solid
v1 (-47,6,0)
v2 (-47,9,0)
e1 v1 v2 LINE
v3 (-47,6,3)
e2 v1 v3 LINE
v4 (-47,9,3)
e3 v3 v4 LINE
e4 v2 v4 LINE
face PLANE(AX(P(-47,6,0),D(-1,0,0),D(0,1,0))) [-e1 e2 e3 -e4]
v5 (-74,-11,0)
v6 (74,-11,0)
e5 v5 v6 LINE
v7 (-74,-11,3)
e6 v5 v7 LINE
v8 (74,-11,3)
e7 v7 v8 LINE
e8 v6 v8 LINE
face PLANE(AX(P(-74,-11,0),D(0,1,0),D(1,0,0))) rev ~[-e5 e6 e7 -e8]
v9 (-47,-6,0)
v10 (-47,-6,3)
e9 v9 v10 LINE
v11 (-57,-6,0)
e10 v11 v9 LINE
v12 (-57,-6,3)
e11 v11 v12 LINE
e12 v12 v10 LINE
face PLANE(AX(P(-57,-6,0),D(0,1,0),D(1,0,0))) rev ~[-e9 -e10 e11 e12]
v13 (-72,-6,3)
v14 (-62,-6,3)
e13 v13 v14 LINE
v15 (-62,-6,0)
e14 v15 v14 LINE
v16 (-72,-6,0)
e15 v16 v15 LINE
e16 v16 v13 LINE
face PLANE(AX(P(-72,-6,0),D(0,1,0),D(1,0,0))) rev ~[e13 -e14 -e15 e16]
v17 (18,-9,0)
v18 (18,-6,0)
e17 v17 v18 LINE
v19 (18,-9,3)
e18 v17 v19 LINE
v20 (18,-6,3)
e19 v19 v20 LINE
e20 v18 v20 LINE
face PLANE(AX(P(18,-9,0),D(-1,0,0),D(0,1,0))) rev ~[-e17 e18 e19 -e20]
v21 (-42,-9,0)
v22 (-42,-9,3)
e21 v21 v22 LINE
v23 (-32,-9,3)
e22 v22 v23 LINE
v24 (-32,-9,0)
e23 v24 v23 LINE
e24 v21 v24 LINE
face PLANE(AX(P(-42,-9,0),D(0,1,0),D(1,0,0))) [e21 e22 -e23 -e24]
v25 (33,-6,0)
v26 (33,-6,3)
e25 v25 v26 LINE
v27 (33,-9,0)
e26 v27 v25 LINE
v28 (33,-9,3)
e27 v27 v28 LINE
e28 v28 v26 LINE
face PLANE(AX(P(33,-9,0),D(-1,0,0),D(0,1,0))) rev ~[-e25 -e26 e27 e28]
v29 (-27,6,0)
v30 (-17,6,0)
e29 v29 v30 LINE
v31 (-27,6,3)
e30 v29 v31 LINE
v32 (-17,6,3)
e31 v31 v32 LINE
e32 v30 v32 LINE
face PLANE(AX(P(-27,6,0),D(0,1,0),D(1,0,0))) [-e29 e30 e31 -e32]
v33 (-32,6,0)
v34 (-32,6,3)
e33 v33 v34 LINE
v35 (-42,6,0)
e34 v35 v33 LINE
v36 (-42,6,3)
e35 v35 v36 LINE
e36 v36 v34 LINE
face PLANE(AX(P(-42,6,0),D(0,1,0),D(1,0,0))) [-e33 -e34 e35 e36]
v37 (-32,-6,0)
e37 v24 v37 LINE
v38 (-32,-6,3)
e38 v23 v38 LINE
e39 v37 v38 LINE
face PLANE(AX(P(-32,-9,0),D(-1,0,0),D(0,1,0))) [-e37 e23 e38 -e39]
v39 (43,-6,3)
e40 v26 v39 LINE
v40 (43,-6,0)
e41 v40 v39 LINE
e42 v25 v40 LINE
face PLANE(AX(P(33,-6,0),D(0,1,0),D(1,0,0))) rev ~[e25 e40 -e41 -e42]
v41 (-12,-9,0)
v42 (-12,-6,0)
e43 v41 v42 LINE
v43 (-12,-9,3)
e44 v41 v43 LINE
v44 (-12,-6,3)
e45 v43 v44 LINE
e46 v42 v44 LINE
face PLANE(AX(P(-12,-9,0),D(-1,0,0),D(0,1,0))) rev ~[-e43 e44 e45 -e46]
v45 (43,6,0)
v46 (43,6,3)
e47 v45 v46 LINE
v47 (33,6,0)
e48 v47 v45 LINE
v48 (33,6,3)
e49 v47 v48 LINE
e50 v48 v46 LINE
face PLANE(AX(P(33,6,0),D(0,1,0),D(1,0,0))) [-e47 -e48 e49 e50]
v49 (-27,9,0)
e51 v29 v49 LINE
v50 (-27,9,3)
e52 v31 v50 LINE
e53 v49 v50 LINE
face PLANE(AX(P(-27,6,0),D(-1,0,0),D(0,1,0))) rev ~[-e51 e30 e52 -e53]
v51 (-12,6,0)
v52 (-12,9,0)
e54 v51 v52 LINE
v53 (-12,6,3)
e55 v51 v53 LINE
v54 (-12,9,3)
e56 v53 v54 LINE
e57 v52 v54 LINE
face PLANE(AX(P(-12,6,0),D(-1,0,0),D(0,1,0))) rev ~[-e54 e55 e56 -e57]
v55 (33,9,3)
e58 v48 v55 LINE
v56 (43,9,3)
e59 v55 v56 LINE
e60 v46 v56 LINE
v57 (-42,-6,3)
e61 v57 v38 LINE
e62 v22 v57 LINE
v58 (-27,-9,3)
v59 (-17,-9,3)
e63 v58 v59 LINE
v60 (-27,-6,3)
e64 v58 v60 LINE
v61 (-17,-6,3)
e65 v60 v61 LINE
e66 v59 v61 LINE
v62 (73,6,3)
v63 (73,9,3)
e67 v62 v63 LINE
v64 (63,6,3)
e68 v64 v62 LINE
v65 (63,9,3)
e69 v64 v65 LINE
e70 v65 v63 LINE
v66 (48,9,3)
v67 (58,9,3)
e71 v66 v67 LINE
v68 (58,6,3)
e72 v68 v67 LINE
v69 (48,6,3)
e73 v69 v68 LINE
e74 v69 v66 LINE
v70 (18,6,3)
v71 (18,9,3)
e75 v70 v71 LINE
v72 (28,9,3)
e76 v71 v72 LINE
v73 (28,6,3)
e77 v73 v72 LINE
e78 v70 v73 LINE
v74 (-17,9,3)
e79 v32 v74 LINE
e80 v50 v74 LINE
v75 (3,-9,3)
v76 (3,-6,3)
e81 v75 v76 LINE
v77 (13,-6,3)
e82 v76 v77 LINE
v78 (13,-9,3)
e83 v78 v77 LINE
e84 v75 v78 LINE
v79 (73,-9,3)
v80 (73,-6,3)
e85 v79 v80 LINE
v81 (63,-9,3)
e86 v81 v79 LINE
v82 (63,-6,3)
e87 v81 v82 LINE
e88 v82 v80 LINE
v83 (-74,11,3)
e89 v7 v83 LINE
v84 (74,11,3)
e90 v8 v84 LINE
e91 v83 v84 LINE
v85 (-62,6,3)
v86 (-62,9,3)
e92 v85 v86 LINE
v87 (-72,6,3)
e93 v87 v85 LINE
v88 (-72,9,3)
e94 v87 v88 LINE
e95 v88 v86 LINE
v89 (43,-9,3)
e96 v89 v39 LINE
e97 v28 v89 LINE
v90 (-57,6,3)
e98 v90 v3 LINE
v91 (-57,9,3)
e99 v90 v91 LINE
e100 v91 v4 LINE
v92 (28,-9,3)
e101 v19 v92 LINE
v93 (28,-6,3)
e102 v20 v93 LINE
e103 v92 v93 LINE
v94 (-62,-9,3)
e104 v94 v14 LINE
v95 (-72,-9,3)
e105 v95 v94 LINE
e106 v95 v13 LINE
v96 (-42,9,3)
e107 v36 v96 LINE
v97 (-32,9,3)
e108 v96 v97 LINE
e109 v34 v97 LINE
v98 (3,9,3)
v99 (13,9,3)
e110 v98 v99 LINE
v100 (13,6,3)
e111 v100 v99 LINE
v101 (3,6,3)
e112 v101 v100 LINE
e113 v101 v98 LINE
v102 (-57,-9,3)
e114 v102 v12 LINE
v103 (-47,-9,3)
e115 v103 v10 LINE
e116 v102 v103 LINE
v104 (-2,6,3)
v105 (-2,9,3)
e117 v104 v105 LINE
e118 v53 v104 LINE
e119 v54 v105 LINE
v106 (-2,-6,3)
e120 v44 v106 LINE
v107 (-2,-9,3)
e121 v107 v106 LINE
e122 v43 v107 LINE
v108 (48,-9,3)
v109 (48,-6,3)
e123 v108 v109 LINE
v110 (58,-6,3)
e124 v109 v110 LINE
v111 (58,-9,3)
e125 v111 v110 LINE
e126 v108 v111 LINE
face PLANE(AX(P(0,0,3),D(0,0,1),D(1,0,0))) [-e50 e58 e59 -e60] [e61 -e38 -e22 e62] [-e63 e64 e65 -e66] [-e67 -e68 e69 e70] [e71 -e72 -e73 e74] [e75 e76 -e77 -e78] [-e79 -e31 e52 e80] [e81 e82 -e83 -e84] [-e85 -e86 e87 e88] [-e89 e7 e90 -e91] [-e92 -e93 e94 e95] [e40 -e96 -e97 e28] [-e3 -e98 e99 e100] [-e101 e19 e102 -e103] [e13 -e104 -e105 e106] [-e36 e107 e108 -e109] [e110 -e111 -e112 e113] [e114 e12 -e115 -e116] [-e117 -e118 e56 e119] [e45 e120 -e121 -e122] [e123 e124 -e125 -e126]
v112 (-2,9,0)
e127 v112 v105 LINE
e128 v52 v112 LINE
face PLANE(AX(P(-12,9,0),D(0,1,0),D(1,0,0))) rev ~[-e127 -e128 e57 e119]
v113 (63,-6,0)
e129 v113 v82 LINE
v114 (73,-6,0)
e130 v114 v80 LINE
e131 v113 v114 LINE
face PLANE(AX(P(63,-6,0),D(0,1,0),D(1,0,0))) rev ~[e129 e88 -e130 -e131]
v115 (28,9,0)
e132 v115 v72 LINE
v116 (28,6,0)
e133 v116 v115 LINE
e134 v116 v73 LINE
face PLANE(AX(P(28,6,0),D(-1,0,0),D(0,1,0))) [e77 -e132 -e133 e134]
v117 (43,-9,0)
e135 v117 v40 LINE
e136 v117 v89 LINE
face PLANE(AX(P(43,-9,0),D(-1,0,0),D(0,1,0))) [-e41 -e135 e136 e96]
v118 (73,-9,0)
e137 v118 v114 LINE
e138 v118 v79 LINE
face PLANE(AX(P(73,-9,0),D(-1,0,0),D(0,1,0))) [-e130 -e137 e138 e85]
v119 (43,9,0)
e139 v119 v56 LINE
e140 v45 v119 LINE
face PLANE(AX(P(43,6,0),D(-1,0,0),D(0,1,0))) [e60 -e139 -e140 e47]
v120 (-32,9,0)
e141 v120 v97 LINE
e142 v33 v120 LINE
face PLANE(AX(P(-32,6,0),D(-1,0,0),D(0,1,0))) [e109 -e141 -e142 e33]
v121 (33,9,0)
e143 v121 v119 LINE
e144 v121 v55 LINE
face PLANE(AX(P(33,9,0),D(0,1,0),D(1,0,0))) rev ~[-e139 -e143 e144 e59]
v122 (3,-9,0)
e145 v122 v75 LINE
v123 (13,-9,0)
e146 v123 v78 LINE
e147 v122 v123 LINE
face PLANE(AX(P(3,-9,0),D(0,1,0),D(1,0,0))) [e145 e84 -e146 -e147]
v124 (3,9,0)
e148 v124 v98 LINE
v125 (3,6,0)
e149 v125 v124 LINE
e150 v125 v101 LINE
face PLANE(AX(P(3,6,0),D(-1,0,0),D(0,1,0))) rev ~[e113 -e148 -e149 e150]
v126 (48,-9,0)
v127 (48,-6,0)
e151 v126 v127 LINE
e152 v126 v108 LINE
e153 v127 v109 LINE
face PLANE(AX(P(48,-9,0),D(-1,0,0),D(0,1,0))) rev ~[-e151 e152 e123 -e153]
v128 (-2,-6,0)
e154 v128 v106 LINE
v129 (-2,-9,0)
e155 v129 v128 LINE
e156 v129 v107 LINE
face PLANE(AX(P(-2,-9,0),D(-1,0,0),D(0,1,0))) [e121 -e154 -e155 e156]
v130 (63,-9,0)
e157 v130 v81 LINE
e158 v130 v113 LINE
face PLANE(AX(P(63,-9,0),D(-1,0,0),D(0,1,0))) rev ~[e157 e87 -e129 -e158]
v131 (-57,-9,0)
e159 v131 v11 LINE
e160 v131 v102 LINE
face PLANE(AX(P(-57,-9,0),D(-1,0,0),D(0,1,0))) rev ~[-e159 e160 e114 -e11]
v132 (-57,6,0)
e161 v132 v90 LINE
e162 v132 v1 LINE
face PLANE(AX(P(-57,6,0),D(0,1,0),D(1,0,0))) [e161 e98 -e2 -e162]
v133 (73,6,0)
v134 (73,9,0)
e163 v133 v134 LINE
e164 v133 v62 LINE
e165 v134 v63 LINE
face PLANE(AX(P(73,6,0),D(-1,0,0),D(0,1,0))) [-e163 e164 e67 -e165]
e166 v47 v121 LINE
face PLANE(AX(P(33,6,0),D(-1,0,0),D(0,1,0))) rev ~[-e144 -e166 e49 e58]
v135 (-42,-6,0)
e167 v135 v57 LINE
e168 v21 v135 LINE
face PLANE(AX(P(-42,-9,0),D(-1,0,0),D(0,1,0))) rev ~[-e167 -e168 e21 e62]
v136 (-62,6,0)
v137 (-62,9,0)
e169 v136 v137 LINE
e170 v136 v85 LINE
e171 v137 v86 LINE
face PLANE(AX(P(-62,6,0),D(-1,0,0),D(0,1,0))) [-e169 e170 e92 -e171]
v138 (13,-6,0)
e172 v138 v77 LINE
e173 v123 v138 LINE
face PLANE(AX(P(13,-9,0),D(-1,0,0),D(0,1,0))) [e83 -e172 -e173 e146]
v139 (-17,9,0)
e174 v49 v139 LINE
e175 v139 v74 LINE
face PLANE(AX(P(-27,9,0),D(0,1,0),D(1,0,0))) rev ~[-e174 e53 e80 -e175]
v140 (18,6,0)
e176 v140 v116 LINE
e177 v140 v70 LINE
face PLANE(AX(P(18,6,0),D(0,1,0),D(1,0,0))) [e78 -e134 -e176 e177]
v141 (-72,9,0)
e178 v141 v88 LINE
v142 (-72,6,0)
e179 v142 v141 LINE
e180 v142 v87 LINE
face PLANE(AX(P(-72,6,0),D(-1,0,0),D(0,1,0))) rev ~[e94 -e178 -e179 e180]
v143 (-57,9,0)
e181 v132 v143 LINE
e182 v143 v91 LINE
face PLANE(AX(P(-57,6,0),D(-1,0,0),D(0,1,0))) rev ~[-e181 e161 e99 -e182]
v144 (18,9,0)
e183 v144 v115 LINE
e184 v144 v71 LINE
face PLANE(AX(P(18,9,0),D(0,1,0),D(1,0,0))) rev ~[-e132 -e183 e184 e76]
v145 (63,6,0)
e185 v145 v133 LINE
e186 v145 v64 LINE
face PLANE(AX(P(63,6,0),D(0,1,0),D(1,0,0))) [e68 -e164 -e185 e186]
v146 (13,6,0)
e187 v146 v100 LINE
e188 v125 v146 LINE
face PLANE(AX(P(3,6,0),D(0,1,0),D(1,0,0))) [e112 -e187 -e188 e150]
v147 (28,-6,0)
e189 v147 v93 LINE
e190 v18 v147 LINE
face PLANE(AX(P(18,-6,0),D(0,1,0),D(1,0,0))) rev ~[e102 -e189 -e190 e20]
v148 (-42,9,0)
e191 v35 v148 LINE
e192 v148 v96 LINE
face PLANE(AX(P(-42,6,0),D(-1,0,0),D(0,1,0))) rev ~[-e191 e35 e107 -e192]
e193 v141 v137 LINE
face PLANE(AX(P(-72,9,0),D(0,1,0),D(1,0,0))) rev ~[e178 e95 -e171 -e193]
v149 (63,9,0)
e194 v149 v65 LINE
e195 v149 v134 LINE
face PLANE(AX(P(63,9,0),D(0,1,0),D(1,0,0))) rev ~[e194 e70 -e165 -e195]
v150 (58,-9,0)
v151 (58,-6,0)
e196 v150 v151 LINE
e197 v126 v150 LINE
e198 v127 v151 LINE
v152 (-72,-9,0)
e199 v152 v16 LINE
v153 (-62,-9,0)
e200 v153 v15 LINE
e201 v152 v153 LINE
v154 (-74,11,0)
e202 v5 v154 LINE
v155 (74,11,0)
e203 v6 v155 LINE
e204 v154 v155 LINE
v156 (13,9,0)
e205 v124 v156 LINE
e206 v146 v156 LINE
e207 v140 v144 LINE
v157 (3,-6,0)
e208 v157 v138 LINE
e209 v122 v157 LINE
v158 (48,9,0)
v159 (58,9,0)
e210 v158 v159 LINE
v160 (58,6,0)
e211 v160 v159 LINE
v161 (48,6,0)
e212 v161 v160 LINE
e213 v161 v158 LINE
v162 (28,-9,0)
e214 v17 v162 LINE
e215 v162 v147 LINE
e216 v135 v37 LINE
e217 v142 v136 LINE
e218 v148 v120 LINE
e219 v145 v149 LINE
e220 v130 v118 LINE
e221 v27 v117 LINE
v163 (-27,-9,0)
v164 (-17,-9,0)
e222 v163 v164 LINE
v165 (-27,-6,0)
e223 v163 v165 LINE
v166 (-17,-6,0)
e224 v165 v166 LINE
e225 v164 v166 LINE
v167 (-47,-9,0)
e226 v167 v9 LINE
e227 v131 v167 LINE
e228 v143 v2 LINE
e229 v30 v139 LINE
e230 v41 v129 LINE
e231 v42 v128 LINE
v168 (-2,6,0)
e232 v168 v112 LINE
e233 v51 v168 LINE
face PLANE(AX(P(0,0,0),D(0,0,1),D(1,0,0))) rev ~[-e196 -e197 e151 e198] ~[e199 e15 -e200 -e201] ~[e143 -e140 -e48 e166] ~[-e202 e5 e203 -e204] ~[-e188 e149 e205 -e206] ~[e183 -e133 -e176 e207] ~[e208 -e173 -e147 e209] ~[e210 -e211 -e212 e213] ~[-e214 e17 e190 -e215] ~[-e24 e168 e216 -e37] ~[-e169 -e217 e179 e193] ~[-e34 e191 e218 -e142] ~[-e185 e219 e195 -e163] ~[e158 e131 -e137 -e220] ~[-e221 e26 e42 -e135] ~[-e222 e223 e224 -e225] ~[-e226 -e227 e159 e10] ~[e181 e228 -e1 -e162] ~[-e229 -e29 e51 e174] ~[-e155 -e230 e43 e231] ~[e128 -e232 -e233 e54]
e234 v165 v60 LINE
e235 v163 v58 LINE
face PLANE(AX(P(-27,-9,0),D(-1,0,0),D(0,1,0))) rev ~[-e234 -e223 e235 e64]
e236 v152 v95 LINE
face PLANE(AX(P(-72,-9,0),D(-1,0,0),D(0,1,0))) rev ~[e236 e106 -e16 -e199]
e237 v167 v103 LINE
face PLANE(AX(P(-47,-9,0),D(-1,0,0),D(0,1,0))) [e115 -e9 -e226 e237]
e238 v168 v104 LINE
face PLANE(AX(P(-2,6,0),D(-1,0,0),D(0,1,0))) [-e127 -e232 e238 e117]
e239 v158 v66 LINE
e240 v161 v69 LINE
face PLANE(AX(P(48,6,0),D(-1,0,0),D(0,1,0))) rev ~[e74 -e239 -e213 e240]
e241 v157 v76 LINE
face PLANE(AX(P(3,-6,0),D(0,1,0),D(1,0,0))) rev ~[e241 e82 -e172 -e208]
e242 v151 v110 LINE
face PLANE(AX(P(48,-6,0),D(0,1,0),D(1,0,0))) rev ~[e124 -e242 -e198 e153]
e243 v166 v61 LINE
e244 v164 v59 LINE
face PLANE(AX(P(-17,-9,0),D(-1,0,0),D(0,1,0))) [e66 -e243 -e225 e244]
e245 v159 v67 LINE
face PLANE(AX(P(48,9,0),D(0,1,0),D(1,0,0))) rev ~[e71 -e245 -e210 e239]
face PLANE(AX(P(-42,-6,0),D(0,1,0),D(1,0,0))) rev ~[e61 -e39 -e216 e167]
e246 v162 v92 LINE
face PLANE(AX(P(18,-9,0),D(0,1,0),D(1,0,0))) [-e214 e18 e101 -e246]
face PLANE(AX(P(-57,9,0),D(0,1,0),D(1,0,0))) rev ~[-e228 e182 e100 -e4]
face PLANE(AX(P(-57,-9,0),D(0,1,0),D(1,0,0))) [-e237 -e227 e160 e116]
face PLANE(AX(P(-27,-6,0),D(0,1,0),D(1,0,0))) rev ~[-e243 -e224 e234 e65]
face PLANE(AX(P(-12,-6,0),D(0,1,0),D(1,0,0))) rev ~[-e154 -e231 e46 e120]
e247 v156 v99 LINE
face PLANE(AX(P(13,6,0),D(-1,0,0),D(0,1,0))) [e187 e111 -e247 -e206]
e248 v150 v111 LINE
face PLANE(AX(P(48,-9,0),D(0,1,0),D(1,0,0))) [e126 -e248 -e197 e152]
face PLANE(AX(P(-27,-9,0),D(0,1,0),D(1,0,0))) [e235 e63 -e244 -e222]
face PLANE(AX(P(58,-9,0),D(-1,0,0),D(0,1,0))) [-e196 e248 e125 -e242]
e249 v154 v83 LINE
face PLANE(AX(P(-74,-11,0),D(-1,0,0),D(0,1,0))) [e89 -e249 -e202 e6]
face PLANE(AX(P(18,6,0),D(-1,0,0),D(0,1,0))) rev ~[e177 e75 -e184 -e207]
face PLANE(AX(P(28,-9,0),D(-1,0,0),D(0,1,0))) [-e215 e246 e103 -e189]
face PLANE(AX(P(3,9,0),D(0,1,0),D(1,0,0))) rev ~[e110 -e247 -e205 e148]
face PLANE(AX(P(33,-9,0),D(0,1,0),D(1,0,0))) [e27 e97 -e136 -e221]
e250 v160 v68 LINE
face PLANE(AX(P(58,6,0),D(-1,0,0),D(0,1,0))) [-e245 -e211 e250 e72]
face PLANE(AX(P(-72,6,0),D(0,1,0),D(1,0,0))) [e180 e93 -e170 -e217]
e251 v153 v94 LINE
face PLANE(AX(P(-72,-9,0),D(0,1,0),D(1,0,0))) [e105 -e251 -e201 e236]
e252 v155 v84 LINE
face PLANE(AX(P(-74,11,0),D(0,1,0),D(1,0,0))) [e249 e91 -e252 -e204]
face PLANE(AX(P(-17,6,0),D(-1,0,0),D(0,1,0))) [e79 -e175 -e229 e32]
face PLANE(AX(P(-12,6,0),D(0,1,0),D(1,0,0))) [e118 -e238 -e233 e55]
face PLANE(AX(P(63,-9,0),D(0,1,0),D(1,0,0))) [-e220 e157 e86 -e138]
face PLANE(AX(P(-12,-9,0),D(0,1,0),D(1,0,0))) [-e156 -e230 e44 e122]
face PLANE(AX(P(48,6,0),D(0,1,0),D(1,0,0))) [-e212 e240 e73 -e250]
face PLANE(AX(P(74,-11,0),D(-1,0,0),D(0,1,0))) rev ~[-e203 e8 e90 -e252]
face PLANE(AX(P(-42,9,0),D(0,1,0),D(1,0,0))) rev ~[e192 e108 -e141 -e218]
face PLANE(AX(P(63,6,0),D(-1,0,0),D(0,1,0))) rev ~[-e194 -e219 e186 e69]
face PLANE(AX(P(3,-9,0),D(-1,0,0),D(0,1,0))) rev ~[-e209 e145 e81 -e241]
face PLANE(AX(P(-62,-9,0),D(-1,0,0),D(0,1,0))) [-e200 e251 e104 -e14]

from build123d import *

# Parameters (mm, degrees)
SKETCH_1_W      = 148
SKETCH_1_H      = 22
SKETCH_1_W_2    = 10
SKETCH_1_H_2    = 3
EXTRUDE_1_DEPTH = 3


with BuildPart() as part:
    # 草图1 → 凸台-拉伸1 (new body)
    with BuildSketch(Plane.XY):
        Rectangle(SKETCH_1_W, SKETCH_1_H)
        with Locations((-52, 7.5)):
            Rectangle(SKETCH_1_W_2, SKETCH_1_H_2, mode=Mode.SUBTRACT)
        with Locations((-67, 7.5)):
            Rectangle(SKETCH_1_W_2, SKETCH_1_H_2, mode=Mode.SUBTRACT)
        with Locations((-37, 7.5)):
            Rectangle(SKETCH_1_W_2, SKETCH_1_H_2, mode=Mode.SUBTRACT)
        with Locations((-22, 7.5)):
            Rectangle(SKETCH_1_W_2, SKETCH_1_H_2, mode=Mode.SUBTRACT)
        with Locations((-7, 7.5)):
            Rectangle(SKETCH_1_W_2, SKETCH_1_H_2, mode=Mode.SUBTRACT)
        with Locations((8, 7.5)):
            Rectangle(SKETCH_1_W_2, SKETCH_1_H_2, mode=Mode.SUBTRACT)
        with Locations((23, 7.5)):
            Rectangle(SKETCH_1_W_2, SKETCH_1_H_2, mode=Mode.SUBTRACT)
        with Locations((38, 7.5)):
            Rectangle(SKETCH_1_W_2, SKETCH_1_H_2, mode=Mode.SUBTRACT)
        with Locations((53, 7.5)):
            Rectangle(SKETCH_1_W_2, SKETCH_1_H_2, mode=Mode.SUBTRACT)
        with Locations((68, 7.5)):
            Rectangle(SKETCH_1_W_2, SKETCH_1_H_2, mode=Mode.SUBTRACT)
        with Locations((68, -7.5)):
            Rectangle(SKETCH_1_W_2, SKETCH_1_H_2, mode=Mode.SUBTRACT)
        with Locations((53, -7.5)):
            Rectangle(SKETCH_1_W_2, SKETCH_1_H_2, mode=Mode.SUBTRACT)
        with Locations((38, -7.5)):
            Rectangle(SKETCH_1_W_2, SKETCH_1_H_2, mode=Mode.SUBTRACT)
        with Locations((23, -7.5)):
            Rectangle(SKETCH_1_W_2, SKETCH_1_H_2, mode=Mode.SUBTRACT)
        with Locations((8, -7.5)):
            Rectangle(SKETCH_1_W_2, SKETCH_1_H_2, mode=Mode.SUBTRACT)
        with Locations((-7, -7.5)):
            Rectangle(SKETCH_1_W_2, SKETCH_1_H_2, mode=Mode.SUBTRACT)
        with Locations((-22, -7.5)):
            Rectangle(SKETCH_1_W_2, SKETCH_1_H_2, mode=Mode.SUBTRACT)
        with Locations((-37, -7.5)):
            Rectangle(SKETCH_1_W_2, SKETCH_1_H_2, mode=Mode.SUBTRACT)
        with Locations((-52, -7.5)):
            Rectangle(SKETCH_1_W_2, SKETCH_1_H_2, mode=Mode.SUBTRACT)
        with Locations((-67, -7.5)):
            Rectangle(SKETCH_1_W_2, SKETCH_1_H_2, mode=Mode.SUBTRACT)
    extrude(amount=EXTRUDE_1_DEPTH)


solid = part.part
